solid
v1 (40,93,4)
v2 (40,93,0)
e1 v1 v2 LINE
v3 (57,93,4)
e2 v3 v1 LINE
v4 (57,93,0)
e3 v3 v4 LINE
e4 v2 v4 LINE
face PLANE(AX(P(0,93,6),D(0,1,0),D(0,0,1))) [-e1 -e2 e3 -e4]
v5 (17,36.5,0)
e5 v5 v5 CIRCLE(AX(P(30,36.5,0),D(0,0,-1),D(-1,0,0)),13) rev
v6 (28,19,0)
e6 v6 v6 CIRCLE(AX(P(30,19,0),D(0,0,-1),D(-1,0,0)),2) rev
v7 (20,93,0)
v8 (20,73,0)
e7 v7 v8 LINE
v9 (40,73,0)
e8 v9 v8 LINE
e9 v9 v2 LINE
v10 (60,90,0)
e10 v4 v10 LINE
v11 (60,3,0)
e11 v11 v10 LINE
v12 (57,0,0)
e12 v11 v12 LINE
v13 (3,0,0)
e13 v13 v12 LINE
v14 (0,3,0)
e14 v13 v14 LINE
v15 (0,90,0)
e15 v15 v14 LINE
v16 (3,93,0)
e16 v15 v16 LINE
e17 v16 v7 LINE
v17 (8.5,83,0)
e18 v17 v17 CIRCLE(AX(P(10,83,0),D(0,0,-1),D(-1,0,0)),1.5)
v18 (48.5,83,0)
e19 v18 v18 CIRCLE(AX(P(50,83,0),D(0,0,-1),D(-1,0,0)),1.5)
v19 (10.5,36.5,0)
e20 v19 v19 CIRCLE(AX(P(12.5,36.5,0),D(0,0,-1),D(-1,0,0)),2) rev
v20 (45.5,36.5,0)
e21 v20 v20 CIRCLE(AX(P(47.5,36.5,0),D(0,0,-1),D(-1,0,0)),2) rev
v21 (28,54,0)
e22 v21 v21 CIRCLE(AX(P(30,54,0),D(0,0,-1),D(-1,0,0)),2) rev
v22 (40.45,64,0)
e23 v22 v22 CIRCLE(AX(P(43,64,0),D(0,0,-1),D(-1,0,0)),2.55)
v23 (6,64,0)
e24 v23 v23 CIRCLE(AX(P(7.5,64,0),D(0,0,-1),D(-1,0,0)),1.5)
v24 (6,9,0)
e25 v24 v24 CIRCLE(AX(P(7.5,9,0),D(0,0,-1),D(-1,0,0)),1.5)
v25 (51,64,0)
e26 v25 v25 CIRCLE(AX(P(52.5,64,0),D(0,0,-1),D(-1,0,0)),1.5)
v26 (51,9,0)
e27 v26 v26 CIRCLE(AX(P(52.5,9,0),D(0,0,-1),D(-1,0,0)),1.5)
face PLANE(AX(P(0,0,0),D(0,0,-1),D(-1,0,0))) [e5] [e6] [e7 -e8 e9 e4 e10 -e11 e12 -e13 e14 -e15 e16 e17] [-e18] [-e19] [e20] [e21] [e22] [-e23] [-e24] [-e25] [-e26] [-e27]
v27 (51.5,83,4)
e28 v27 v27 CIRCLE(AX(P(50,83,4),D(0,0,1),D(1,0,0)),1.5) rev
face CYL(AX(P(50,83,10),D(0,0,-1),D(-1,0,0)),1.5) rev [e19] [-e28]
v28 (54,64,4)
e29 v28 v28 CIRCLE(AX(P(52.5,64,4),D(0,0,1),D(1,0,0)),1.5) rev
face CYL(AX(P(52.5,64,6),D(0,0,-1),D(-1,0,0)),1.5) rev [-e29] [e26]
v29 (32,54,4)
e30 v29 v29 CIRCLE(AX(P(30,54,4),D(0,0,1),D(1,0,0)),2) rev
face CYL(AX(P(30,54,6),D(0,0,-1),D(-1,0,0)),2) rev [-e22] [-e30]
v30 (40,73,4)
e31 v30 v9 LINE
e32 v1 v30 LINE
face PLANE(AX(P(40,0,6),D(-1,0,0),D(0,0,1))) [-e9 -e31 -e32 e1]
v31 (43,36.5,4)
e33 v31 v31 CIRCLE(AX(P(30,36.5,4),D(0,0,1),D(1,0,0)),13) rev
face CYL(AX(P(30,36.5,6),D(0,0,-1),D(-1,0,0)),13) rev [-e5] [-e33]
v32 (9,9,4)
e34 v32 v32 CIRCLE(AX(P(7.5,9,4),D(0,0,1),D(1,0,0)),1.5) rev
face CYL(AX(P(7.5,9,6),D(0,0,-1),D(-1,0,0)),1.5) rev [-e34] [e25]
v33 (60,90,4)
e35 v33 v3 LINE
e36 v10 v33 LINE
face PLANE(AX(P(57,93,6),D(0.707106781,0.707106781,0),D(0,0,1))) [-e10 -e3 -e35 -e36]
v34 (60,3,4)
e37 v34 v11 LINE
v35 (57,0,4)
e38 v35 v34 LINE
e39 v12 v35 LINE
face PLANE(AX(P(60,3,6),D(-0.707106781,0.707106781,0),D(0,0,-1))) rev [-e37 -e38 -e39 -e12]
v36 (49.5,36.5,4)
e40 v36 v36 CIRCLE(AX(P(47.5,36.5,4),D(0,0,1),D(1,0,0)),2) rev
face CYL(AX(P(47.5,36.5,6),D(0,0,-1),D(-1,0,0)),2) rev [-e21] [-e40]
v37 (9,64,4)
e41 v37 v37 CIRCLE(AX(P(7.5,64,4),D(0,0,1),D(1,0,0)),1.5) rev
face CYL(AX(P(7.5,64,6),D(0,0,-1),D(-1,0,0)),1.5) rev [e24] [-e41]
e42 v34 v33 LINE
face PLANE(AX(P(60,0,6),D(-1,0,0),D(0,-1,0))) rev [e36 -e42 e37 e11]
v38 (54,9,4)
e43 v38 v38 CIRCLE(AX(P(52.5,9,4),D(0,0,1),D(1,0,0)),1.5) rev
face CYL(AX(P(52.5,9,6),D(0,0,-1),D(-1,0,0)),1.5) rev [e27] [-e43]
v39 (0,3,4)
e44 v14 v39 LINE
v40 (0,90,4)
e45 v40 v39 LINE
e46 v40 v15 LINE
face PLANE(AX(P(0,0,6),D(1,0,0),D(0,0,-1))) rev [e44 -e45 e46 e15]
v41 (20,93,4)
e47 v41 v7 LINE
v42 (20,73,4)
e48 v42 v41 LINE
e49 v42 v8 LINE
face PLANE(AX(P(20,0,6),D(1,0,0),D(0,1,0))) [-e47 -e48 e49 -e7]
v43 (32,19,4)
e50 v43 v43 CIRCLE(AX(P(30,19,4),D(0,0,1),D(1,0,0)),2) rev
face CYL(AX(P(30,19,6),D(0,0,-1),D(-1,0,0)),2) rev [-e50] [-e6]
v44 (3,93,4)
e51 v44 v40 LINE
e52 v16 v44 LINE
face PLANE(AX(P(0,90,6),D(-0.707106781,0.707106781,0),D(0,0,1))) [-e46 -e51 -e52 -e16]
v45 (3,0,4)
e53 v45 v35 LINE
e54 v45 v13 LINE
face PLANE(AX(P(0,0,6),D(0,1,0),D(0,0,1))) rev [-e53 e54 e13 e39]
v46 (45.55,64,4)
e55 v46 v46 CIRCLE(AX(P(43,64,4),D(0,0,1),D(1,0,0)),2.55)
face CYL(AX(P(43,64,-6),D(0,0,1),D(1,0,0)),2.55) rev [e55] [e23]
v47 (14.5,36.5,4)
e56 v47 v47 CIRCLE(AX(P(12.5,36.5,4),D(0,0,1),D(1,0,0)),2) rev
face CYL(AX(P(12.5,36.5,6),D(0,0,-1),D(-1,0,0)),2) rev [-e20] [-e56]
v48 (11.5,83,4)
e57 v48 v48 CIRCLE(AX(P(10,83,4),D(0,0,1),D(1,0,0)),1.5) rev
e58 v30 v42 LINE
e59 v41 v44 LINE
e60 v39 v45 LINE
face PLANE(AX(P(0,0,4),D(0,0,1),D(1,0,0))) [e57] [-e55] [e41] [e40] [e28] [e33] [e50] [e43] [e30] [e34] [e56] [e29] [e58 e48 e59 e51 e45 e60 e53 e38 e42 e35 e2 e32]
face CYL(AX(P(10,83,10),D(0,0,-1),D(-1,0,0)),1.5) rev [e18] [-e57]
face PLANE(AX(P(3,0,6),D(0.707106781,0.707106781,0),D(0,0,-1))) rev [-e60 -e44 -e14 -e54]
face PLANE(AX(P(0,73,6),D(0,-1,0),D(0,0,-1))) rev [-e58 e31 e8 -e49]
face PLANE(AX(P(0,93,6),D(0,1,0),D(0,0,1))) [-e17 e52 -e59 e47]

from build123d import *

# Parameters (mm, degrees)
SKETCH1_W           = 60
SKETCH1_H           = 73
BOSS_EXTRUDE1_DEPTH = 6
SKETCH2_R           = 8
CUT_EXTRUDE1_DEPTH  = 95.683683917
SKETCH3_R           = 1.5
CUT_EXTRUDE2_DEPTH  = 95.683683917
SKETCH4_R           = 21
CUT_EXTRUDE3_DEPTH  = 4
SKETCH5_W           = 20
SKETCH5_H           = 20
BOSS_EXTRUDE2_DEPTH = 6
SKETCH6_R           = 1.5
CUT_EXTRUDE4_DEPTH  = 10
CHAMFER1_SIZE       = 3
CHAMFER2_SIZE       = 3
SKETCH7_R           = 2
CUT_EXTRUDE5_DEPTH  = 111.747460467
SKETCH8_R           = 13
CUT_EXTRUDE6_DEPTH  = 111.747460467
BOSS_EXTRUDE3_START = 4
SKETCH9_R           = 21
SKETCH9_R_2         = 2
SKETCH9_R_3         = 13
BOSS_EXTRUDE3_DEPTH = 4
CUT_EXTRUDE7_DEPTH  = 2
SKETCH12_R          = 2.55
CUT_EXTRUDE8_DEPTH  = 10


with BuildPart() as part:
    # Sketch1 → Boss-Extrude1 (new body)
    with BuildSketch(Plane.XY):
        with Locations((30, 36.5)):
            Rectangle(SKETCH1_W, SKETCH1_H)
    extrude(amount=BOSS_EXTRUDE1_DEPTH)

    # Sketch2 → Cut-Extrude1 (cut, through all)
    with BuildSketch(Plane(origin=(0, 0, 0), x_dir=(-1, 0, 0), z_dir=(0, 0, -1))):
        with Locations((-30, 36.5)):
            Circle(SKETCH2_R)
    extrude(amount=-CUT_EXTRUDE1_DEPTH, mode=Mode.SUBTRACT)

    # Sketch3 → Cut-Extrude2 (cut, through all)
    with BuildSketch(Plane(origin=(0, 0, 0), x_dir=(-1, 0, 0), z_dir=(0, 0, -1))):
        with Locations((-52.5, 64)):
            Circle(SKETCH3_R)
        with Locations((-7.5, 64)):
            Circle(SKETCH3_R)
        with Locations((-52.5, 9)):
            Circle(SKETCH3_R)
        with Locations((-7.5, 9)):
            Circle(SKETCH3_R)
    extrude(amount=-CUT_EXTRUDE2_DEPTH, mode=Mode.SUBTRACT)

    # Sketch4 → Cut-Extrude3 (cut)
    with BuildSketch(Plane(origin=(0, 0, 0), x_dir=(-1, 0, 0), z_dir=(0, 0, -1))):
        with Locations((-30, 36.5)):
            Circle(SKETCH4_R)
    extrude(amount=-CUT_EXTRUDE3_DEPTH, mode=Mode.SUBTRACT)

    # Sketch5 → Boss-Extrude2 (add)
    with BuildSketch(Plane(origin=(0, 0, 0), x_dir=(-1, 0, 0), z_dir=(0, 0, -1))):
        with Locations((-50, 83)):
            Rectangle(SKETCH5_W, SKETCH5_H)
        with Locations((-10, 83)):
            Rectangle(SKETCH5_W, SKETCH5_H)
    extrude(amount=-BOSS_EXTRUDE2_DEPTH)

    # Sketch6 → Cut-Extrude4 (cut)
    with BuildSketch(Plane(origin=(0, 0, 0), x_dir=(-1, 0, 0), z_dir=(0, 0, -1))):
        with Locations((-10, 83)):
            Circle(SKETCH6_R)
        with Locations((-50, 83)):
            Circle(SKETCH6_R)
    extrude(amount=-CUT_EXTRUDE4_DEPTH, mode=Mode.SUBTRACT)

    # Chamfer1
    chamfer1_edges = [part.edges().sort_by_distance(p)[0] for p in [
        (60, 0, 3),
        (0, 0, 3),
    ]]
    chamfer(chamfer1_edges, length=CHAMFER1_SIZE)

    # Chamfer2
    chamfer2_edges = [part.edges().sort_by_distance(p)[0] for p in [
        (60, 93, 3),
        (0, 93, 3),
    ]]
    chamfer(chamfer2_edges, length=CHAMFER2_SIZE)

    # Sketch7 → Cut-Extrude5 (cut, through all)
    with BuildSketch(Plane(origin=(0, 0, 4), x_dir=(-1, 0, 0), z_dir=(0, 0, -1))):
        with Locations((-30, 54)):
            Circle(SKETCH7_R)
        with Locations((-12.5, 36.5)):
            Circle(SKETCH7_R)
        with Locations((-30, 19)):
            Circle(SKETCH7_R)
        with Locations((-47.5, 36.5)):
            Circle(SKETCH7_R)
    extrude(amount=-CUT_EXTRUDE5_DEPTH, mode=Mode.SUBTRACT)

    # Sketch8 → Cut-Extrude6 (cut, through all)
    with BuildSketch(Plane(origin=(0, 0, 4), x_dir=(-1, 0, 0), z_dir=(0, 0, -1))):
        with Locations((-30, 36.5)):
            Circle(SKETCH8_R)
    extrude(amount=-CUT_EXTRUDE6_DEPTH, mode=Mode.SUBTRACT)

    # Sketch9 → Boss-Extrude3 (add)
    with BuildSketch(Plane(origin=(0, 0, 4), x_dir=(-1, 0, 0), z_dir=(0, 0, -1)).offset(BOSS_EXTRUDE3_START)):
        with Locations((-30, 36.5)):
            Circle(SKETCH9_R)
        with Locations((-30, 54)):
            Circle(SKETCH9_R_2, mode=Mode.SUBTRACT)
        with Locations((-30, 19)):
            Circle(SKETCH9_R_2, mode=Mode.SUBTRACT)
        with Locations((-47.5, 36.5)):
            Circle(SKETCH9_R_2, mode=Mode.SUBTRACT)
        with Locations((-12.5, 36.5)):
            Circle(SKETCH9_R_2, mode=Mode.SUBTRACT)
        with Locations((-30, 36.5)):
            Circle(SKETCH9_R_3, mode=Mode.SUBTRACT)
    extrude(amount=-BOSS_EXTRUDE3_DEPTH)

    # Sketch11 → Cut-Extrude7 (cut)
    with BuildSketch(Plane.XY.offset(6)):
        Polygon((60, 3), (60, 90), (57, 93), (40, 93), (40, 73), (20, 73), (20, 93), (3, 93), (0, 90), (0, 3), (3, 0), (57, 0), align=None)
    extrude(amount=-CUT_EXTRUDE7_DEPTH, mode=Mode.SUBTRACT)

    # Sketch12 → Cut-Extrude8 (cut)
    with BuildSketch(Plane.XY.offset(4)):
        with Locations((43, 64)):
            Circle(SKETCH12_R)
    extrude(amount=-CUT_EXTRUDE8_DEPTH, mode=Mode.SUBTRACT)


solid = part.part
